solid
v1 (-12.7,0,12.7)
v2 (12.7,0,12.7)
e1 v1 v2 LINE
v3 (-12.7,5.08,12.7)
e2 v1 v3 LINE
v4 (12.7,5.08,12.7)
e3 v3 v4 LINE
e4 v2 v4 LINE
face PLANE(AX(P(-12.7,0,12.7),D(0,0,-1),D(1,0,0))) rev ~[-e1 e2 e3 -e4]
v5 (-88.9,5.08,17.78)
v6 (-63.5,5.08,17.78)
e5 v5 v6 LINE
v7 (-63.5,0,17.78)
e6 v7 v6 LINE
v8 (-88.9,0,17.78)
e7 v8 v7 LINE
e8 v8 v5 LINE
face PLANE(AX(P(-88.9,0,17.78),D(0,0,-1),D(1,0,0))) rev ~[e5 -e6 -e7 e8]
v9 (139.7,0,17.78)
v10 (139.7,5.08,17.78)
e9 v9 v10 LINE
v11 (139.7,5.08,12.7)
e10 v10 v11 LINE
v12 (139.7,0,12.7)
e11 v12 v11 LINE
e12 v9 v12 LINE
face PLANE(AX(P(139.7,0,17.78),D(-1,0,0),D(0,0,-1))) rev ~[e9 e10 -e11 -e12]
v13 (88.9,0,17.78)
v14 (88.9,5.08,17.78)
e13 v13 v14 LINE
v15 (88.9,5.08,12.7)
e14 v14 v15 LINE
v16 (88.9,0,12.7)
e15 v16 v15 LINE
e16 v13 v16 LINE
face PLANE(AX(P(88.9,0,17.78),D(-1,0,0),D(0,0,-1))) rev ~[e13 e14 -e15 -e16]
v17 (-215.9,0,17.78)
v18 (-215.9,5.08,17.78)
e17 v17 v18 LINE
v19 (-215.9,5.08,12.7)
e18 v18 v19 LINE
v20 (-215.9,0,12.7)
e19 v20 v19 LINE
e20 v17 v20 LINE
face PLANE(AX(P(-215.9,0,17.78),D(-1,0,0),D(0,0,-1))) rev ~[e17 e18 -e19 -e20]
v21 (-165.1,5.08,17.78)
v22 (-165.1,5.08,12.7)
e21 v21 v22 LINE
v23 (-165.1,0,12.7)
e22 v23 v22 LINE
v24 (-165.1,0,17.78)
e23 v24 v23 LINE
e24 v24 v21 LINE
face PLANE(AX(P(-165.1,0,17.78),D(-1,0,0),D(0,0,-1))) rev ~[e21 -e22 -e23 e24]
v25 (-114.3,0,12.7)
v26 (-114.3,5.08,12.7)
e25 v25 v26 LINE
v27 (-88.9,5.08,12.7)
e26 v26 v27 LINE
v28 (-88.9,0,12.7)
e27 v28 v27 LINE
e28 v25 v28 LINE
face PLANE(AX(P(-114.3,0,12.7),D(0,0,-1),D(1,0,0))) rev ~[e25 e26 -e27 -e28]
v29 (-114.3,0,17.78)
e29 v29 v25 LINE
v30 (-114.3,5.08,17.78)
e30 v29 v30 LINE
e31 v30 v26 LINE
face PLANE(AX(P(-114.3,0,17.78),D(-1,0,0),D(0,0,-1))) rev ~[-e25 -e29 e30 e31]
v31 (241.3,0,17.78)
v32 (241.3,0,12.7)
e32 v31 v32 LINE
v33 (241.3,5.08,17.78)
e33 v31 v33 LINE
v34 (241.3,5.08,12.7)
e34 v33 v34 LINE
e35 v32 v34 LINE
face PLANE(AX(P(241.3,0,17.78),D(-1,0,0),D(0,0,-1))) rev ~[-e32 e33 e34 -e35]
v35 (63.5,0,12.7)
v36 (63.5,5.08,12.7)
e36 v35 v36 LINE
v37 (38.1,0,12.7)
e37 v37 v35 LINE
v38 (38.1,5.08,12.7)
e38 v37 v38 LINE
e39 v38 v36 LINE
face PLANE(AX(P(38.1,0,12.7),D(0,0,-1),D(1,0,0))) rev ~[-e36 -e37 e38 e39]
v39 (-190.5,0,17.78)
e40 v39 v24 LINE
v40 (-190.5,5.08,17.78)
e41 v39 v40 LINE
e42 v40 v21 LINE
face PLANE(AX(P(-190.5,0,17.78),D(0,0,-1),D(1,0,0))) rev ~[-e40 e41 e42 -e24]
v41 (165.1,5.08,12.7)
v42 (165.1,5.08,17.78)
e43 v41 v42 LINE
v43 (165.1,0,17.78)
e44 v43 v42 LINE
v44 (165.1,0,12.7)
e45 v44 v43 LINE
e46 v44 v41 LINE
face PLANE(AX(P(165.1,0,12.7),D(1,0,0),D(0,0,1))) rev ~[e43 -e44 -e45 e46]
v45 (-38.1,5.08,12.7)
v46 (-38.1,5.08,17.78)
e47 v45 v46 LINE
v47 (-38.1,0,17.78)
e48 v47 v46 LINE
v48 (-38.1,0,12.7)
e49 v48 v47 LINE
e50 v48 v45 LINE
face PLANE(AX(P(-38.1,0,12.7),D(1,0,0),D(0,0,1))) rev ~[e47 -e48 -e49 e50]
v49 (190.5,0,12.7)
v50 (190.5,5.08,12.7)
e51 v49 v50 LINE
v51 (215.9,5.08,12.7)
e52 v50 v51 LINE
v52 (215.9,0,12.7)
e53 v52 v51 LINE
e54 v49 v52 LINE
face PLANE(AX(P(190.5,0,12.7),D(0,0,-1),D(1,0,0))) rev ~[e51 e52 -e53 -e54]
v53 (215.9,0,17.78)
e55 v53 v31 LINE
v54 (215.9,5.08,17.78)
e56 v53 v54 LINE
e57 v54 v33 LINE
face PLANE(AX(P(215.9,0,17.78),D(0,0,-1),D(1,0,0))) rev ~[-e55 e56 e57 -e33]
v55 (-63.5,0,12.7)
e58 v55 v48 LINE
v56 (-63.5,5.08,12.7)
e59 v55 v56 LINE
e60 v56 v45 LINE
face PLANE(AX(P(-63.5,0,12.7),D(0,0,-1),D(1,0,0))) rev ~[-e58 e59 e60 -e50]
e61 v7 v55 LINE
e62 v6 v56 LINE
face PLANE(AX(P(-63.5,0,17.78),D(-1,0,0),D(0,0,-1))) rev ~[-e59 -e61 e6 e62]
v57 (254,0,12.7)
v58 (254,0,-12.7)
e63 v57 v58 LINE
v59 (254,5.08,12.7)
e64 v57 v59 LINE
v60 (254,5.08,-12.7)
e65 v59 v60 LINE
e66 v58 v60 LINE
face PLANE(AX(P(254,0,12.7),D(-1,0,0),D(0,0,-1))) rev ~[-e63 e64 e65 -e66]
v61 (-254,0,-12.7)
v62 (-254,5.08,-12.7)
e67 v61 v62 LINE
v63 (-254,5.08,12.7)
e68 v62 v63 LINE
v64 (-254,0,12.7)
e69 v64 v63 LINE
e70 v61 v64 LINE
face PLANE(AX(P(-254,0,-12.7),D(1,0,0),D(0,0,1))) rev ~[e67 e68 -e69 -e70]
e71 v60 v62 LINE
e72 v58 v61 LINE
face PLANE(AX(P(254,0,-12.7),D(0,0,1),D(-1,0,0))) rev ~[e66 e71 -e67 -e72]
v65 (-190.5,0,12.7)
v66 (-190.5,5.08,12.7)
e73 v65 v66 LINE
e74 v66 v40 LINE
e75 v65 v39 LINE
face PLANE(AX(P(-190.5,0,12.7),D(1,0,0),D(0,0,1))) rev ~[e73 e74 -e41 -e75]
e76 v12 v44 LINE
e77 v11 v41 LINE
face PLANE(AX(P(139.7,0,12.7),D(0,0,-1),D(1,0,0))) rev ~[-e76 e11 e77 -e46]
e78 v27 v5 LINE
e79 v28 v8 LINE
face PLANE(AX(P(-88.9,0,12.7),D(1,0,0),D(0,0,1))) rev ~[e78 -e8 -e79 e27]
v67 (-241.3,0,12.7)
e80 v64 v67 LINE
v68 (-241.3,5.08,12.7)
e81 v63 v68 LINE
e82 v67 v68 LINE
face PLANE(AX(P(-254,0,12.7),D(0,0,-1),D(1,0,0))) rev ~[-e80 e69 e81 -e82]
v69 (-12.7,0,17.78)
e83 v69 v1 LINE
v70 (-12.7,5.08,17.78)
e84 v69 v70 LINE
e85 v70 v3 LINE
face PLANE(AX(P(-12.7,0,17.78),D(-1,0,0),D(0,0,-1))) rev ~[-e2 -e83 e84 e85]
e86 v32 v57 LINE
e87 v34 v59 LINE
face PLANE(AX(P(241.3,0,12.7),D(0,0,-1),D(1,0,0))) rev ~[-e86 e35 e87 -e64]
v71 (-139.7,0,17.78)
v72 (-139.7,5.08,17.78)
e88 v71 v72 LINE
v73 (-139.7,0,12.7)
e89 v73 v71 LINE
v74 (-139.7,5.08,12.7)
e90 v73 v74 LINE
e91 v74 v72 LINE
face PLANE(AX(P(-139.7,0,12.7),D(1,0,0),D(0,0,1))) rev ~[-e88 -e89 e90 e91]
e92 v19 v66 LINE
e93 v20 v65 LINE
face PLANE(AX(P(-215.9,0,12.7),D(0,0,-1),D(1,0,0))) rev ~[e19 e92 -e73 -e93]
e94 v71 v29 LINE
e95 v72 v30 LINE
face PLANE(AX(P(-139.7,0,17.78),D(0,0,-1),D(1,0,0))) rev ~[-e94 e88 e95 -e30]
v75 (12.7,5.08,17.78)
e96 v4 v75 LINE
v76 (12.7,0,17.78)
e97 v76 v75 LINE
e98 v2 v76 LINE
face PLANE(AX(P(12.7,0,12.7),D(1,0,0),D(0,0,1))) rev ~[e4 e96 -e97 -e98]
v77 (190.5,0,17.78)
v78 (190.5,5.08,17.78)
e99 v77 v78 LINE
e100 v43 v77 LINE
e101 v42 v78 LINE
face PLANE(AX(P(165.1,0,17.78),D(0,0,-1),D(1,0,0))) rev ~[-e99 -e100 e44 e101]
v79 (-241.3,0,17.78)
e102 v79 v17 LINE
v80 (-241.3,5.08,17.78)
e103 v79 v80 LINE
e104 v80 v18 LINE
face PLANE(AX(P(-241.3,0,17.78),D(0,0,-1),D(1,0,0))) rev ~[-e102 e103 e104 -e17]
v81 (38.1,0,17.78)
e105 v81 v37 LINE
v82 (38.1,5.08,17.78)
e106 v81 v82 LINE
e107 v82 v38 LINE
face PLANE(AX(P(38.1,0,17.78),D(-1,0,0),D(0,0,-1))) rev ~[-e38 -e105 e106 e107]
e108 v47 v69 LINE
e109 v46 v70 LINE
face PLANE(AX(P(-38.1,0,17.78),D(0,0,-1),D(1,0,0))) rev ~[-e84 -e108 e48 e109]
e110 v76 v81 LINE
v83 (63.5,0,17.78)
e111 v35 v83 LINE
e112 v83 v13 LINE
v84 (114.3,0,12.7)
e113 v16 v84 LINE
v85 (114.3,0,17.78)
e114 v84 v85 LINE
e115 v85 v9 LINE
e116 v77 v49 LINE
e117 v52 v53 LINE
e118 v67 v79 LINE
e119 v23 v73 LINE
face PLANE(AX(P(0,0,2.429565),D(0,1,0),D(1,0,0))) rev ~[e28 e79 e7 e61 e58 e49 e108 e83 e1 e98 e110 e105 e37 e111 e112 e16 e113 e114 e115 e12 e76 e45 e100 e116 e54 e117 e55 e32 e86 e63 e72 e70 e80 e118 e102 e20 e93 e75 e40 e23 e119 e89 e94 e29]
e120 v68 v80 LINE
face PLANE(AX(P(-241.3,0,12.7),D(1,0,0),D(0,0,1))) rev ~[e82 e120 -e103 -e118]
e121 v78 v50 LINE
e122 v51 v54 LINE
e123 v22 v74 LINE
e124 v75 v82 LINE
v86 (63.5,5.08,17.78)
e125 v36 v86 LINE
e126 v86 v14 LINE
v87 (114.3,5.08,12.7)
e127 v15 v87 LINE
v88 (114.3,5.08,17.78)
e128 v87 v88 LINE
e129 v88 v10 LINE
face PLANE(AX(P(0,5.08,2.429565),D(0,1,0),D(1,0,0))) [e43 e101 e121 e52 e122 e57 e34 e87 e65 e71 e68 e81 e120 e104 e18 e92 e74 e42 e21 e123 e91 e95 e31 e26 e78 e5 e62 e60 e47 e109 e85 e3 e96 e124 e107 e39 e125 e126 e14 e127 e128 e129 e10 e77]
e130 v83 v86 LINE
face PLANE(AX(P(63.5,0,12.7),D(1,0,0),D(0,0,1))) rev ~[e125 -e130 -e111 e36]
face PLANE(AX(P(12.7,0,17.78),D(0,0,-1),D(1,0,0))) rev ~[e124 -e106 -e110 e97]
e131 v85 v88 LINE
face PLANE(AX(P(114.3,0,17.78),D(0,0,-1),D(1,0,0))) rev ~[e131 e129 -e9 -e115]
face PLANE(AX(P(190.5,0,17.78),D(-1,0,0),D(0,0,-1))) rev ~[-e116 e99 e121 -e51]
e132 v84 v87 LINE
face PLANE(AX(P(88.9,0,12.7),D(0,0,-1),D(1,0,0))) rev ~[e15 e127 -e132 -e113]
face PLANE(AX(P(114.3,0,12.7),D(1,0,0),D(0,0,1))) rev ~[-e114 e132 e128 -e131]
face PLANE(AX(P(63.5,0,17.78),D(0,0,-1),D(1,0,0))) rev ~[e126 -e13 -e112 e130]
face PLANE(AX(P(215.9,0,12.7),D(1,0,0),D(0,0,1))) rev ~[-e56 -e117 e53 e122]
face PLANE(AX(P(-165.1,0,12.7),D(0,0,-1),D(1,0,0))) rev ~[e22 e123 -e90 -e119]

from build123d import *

# Parameters (mm, degrees)
BOSS_EXTRUDE1_DEPTH = 5.08


with BuildPart() as part:
    # Sketch1 → Boss-Extrude1 (new body)
    with BuildSketch(Plane(origin=(0, 0, 0), x_dir=(1, 0, 0), z_dir=(0, 1, 0))):
        Polygon((-190.5, -12.7), (-190.5, -17.78), (-165.1, -17.78), (-165.1, -12.7), (-139.7, -12.7), (-139.7, -17.78), (-114.3, -17.78), (-114.3, -12.7), (-88.9, -12.7), (-88.9, -17.78), (-63.5, -17.78), (-63.5, -12.7), (-38.1, -12.7), (-38.1, -17.78), (-12.7, -17.78), (-12.7, -12.7), (12.7, -12.7), (12.7, -17.78), (38.1, -17.78), (38.1, -12.7), (63.5, -12.7), (63.5, -17.78), (88.9, -17.78), (88.9, -12.7), (114.3, -12.7), (114.3, -17.78), (139.7, -17.78), (139.7, -12.7), (165.1, -12.7), (165.1, -17.78), (190.5, -17.78), (190.5, -12.7), (215.9, -12.7), (215.9, -17.78), (241.3, -17.78), (241.3, -12.7), (254, -12.7), (254, 12.7), (-254, 12.7), (-254, -12.7), (-241.3, -12.7), (-241.3, -17.78), (-215.9, -17.78), (-215.9, -12.7), align=None)
    extrude(amount=BOSS_EXTRUDE1_DEPTH)


solid = part.part
